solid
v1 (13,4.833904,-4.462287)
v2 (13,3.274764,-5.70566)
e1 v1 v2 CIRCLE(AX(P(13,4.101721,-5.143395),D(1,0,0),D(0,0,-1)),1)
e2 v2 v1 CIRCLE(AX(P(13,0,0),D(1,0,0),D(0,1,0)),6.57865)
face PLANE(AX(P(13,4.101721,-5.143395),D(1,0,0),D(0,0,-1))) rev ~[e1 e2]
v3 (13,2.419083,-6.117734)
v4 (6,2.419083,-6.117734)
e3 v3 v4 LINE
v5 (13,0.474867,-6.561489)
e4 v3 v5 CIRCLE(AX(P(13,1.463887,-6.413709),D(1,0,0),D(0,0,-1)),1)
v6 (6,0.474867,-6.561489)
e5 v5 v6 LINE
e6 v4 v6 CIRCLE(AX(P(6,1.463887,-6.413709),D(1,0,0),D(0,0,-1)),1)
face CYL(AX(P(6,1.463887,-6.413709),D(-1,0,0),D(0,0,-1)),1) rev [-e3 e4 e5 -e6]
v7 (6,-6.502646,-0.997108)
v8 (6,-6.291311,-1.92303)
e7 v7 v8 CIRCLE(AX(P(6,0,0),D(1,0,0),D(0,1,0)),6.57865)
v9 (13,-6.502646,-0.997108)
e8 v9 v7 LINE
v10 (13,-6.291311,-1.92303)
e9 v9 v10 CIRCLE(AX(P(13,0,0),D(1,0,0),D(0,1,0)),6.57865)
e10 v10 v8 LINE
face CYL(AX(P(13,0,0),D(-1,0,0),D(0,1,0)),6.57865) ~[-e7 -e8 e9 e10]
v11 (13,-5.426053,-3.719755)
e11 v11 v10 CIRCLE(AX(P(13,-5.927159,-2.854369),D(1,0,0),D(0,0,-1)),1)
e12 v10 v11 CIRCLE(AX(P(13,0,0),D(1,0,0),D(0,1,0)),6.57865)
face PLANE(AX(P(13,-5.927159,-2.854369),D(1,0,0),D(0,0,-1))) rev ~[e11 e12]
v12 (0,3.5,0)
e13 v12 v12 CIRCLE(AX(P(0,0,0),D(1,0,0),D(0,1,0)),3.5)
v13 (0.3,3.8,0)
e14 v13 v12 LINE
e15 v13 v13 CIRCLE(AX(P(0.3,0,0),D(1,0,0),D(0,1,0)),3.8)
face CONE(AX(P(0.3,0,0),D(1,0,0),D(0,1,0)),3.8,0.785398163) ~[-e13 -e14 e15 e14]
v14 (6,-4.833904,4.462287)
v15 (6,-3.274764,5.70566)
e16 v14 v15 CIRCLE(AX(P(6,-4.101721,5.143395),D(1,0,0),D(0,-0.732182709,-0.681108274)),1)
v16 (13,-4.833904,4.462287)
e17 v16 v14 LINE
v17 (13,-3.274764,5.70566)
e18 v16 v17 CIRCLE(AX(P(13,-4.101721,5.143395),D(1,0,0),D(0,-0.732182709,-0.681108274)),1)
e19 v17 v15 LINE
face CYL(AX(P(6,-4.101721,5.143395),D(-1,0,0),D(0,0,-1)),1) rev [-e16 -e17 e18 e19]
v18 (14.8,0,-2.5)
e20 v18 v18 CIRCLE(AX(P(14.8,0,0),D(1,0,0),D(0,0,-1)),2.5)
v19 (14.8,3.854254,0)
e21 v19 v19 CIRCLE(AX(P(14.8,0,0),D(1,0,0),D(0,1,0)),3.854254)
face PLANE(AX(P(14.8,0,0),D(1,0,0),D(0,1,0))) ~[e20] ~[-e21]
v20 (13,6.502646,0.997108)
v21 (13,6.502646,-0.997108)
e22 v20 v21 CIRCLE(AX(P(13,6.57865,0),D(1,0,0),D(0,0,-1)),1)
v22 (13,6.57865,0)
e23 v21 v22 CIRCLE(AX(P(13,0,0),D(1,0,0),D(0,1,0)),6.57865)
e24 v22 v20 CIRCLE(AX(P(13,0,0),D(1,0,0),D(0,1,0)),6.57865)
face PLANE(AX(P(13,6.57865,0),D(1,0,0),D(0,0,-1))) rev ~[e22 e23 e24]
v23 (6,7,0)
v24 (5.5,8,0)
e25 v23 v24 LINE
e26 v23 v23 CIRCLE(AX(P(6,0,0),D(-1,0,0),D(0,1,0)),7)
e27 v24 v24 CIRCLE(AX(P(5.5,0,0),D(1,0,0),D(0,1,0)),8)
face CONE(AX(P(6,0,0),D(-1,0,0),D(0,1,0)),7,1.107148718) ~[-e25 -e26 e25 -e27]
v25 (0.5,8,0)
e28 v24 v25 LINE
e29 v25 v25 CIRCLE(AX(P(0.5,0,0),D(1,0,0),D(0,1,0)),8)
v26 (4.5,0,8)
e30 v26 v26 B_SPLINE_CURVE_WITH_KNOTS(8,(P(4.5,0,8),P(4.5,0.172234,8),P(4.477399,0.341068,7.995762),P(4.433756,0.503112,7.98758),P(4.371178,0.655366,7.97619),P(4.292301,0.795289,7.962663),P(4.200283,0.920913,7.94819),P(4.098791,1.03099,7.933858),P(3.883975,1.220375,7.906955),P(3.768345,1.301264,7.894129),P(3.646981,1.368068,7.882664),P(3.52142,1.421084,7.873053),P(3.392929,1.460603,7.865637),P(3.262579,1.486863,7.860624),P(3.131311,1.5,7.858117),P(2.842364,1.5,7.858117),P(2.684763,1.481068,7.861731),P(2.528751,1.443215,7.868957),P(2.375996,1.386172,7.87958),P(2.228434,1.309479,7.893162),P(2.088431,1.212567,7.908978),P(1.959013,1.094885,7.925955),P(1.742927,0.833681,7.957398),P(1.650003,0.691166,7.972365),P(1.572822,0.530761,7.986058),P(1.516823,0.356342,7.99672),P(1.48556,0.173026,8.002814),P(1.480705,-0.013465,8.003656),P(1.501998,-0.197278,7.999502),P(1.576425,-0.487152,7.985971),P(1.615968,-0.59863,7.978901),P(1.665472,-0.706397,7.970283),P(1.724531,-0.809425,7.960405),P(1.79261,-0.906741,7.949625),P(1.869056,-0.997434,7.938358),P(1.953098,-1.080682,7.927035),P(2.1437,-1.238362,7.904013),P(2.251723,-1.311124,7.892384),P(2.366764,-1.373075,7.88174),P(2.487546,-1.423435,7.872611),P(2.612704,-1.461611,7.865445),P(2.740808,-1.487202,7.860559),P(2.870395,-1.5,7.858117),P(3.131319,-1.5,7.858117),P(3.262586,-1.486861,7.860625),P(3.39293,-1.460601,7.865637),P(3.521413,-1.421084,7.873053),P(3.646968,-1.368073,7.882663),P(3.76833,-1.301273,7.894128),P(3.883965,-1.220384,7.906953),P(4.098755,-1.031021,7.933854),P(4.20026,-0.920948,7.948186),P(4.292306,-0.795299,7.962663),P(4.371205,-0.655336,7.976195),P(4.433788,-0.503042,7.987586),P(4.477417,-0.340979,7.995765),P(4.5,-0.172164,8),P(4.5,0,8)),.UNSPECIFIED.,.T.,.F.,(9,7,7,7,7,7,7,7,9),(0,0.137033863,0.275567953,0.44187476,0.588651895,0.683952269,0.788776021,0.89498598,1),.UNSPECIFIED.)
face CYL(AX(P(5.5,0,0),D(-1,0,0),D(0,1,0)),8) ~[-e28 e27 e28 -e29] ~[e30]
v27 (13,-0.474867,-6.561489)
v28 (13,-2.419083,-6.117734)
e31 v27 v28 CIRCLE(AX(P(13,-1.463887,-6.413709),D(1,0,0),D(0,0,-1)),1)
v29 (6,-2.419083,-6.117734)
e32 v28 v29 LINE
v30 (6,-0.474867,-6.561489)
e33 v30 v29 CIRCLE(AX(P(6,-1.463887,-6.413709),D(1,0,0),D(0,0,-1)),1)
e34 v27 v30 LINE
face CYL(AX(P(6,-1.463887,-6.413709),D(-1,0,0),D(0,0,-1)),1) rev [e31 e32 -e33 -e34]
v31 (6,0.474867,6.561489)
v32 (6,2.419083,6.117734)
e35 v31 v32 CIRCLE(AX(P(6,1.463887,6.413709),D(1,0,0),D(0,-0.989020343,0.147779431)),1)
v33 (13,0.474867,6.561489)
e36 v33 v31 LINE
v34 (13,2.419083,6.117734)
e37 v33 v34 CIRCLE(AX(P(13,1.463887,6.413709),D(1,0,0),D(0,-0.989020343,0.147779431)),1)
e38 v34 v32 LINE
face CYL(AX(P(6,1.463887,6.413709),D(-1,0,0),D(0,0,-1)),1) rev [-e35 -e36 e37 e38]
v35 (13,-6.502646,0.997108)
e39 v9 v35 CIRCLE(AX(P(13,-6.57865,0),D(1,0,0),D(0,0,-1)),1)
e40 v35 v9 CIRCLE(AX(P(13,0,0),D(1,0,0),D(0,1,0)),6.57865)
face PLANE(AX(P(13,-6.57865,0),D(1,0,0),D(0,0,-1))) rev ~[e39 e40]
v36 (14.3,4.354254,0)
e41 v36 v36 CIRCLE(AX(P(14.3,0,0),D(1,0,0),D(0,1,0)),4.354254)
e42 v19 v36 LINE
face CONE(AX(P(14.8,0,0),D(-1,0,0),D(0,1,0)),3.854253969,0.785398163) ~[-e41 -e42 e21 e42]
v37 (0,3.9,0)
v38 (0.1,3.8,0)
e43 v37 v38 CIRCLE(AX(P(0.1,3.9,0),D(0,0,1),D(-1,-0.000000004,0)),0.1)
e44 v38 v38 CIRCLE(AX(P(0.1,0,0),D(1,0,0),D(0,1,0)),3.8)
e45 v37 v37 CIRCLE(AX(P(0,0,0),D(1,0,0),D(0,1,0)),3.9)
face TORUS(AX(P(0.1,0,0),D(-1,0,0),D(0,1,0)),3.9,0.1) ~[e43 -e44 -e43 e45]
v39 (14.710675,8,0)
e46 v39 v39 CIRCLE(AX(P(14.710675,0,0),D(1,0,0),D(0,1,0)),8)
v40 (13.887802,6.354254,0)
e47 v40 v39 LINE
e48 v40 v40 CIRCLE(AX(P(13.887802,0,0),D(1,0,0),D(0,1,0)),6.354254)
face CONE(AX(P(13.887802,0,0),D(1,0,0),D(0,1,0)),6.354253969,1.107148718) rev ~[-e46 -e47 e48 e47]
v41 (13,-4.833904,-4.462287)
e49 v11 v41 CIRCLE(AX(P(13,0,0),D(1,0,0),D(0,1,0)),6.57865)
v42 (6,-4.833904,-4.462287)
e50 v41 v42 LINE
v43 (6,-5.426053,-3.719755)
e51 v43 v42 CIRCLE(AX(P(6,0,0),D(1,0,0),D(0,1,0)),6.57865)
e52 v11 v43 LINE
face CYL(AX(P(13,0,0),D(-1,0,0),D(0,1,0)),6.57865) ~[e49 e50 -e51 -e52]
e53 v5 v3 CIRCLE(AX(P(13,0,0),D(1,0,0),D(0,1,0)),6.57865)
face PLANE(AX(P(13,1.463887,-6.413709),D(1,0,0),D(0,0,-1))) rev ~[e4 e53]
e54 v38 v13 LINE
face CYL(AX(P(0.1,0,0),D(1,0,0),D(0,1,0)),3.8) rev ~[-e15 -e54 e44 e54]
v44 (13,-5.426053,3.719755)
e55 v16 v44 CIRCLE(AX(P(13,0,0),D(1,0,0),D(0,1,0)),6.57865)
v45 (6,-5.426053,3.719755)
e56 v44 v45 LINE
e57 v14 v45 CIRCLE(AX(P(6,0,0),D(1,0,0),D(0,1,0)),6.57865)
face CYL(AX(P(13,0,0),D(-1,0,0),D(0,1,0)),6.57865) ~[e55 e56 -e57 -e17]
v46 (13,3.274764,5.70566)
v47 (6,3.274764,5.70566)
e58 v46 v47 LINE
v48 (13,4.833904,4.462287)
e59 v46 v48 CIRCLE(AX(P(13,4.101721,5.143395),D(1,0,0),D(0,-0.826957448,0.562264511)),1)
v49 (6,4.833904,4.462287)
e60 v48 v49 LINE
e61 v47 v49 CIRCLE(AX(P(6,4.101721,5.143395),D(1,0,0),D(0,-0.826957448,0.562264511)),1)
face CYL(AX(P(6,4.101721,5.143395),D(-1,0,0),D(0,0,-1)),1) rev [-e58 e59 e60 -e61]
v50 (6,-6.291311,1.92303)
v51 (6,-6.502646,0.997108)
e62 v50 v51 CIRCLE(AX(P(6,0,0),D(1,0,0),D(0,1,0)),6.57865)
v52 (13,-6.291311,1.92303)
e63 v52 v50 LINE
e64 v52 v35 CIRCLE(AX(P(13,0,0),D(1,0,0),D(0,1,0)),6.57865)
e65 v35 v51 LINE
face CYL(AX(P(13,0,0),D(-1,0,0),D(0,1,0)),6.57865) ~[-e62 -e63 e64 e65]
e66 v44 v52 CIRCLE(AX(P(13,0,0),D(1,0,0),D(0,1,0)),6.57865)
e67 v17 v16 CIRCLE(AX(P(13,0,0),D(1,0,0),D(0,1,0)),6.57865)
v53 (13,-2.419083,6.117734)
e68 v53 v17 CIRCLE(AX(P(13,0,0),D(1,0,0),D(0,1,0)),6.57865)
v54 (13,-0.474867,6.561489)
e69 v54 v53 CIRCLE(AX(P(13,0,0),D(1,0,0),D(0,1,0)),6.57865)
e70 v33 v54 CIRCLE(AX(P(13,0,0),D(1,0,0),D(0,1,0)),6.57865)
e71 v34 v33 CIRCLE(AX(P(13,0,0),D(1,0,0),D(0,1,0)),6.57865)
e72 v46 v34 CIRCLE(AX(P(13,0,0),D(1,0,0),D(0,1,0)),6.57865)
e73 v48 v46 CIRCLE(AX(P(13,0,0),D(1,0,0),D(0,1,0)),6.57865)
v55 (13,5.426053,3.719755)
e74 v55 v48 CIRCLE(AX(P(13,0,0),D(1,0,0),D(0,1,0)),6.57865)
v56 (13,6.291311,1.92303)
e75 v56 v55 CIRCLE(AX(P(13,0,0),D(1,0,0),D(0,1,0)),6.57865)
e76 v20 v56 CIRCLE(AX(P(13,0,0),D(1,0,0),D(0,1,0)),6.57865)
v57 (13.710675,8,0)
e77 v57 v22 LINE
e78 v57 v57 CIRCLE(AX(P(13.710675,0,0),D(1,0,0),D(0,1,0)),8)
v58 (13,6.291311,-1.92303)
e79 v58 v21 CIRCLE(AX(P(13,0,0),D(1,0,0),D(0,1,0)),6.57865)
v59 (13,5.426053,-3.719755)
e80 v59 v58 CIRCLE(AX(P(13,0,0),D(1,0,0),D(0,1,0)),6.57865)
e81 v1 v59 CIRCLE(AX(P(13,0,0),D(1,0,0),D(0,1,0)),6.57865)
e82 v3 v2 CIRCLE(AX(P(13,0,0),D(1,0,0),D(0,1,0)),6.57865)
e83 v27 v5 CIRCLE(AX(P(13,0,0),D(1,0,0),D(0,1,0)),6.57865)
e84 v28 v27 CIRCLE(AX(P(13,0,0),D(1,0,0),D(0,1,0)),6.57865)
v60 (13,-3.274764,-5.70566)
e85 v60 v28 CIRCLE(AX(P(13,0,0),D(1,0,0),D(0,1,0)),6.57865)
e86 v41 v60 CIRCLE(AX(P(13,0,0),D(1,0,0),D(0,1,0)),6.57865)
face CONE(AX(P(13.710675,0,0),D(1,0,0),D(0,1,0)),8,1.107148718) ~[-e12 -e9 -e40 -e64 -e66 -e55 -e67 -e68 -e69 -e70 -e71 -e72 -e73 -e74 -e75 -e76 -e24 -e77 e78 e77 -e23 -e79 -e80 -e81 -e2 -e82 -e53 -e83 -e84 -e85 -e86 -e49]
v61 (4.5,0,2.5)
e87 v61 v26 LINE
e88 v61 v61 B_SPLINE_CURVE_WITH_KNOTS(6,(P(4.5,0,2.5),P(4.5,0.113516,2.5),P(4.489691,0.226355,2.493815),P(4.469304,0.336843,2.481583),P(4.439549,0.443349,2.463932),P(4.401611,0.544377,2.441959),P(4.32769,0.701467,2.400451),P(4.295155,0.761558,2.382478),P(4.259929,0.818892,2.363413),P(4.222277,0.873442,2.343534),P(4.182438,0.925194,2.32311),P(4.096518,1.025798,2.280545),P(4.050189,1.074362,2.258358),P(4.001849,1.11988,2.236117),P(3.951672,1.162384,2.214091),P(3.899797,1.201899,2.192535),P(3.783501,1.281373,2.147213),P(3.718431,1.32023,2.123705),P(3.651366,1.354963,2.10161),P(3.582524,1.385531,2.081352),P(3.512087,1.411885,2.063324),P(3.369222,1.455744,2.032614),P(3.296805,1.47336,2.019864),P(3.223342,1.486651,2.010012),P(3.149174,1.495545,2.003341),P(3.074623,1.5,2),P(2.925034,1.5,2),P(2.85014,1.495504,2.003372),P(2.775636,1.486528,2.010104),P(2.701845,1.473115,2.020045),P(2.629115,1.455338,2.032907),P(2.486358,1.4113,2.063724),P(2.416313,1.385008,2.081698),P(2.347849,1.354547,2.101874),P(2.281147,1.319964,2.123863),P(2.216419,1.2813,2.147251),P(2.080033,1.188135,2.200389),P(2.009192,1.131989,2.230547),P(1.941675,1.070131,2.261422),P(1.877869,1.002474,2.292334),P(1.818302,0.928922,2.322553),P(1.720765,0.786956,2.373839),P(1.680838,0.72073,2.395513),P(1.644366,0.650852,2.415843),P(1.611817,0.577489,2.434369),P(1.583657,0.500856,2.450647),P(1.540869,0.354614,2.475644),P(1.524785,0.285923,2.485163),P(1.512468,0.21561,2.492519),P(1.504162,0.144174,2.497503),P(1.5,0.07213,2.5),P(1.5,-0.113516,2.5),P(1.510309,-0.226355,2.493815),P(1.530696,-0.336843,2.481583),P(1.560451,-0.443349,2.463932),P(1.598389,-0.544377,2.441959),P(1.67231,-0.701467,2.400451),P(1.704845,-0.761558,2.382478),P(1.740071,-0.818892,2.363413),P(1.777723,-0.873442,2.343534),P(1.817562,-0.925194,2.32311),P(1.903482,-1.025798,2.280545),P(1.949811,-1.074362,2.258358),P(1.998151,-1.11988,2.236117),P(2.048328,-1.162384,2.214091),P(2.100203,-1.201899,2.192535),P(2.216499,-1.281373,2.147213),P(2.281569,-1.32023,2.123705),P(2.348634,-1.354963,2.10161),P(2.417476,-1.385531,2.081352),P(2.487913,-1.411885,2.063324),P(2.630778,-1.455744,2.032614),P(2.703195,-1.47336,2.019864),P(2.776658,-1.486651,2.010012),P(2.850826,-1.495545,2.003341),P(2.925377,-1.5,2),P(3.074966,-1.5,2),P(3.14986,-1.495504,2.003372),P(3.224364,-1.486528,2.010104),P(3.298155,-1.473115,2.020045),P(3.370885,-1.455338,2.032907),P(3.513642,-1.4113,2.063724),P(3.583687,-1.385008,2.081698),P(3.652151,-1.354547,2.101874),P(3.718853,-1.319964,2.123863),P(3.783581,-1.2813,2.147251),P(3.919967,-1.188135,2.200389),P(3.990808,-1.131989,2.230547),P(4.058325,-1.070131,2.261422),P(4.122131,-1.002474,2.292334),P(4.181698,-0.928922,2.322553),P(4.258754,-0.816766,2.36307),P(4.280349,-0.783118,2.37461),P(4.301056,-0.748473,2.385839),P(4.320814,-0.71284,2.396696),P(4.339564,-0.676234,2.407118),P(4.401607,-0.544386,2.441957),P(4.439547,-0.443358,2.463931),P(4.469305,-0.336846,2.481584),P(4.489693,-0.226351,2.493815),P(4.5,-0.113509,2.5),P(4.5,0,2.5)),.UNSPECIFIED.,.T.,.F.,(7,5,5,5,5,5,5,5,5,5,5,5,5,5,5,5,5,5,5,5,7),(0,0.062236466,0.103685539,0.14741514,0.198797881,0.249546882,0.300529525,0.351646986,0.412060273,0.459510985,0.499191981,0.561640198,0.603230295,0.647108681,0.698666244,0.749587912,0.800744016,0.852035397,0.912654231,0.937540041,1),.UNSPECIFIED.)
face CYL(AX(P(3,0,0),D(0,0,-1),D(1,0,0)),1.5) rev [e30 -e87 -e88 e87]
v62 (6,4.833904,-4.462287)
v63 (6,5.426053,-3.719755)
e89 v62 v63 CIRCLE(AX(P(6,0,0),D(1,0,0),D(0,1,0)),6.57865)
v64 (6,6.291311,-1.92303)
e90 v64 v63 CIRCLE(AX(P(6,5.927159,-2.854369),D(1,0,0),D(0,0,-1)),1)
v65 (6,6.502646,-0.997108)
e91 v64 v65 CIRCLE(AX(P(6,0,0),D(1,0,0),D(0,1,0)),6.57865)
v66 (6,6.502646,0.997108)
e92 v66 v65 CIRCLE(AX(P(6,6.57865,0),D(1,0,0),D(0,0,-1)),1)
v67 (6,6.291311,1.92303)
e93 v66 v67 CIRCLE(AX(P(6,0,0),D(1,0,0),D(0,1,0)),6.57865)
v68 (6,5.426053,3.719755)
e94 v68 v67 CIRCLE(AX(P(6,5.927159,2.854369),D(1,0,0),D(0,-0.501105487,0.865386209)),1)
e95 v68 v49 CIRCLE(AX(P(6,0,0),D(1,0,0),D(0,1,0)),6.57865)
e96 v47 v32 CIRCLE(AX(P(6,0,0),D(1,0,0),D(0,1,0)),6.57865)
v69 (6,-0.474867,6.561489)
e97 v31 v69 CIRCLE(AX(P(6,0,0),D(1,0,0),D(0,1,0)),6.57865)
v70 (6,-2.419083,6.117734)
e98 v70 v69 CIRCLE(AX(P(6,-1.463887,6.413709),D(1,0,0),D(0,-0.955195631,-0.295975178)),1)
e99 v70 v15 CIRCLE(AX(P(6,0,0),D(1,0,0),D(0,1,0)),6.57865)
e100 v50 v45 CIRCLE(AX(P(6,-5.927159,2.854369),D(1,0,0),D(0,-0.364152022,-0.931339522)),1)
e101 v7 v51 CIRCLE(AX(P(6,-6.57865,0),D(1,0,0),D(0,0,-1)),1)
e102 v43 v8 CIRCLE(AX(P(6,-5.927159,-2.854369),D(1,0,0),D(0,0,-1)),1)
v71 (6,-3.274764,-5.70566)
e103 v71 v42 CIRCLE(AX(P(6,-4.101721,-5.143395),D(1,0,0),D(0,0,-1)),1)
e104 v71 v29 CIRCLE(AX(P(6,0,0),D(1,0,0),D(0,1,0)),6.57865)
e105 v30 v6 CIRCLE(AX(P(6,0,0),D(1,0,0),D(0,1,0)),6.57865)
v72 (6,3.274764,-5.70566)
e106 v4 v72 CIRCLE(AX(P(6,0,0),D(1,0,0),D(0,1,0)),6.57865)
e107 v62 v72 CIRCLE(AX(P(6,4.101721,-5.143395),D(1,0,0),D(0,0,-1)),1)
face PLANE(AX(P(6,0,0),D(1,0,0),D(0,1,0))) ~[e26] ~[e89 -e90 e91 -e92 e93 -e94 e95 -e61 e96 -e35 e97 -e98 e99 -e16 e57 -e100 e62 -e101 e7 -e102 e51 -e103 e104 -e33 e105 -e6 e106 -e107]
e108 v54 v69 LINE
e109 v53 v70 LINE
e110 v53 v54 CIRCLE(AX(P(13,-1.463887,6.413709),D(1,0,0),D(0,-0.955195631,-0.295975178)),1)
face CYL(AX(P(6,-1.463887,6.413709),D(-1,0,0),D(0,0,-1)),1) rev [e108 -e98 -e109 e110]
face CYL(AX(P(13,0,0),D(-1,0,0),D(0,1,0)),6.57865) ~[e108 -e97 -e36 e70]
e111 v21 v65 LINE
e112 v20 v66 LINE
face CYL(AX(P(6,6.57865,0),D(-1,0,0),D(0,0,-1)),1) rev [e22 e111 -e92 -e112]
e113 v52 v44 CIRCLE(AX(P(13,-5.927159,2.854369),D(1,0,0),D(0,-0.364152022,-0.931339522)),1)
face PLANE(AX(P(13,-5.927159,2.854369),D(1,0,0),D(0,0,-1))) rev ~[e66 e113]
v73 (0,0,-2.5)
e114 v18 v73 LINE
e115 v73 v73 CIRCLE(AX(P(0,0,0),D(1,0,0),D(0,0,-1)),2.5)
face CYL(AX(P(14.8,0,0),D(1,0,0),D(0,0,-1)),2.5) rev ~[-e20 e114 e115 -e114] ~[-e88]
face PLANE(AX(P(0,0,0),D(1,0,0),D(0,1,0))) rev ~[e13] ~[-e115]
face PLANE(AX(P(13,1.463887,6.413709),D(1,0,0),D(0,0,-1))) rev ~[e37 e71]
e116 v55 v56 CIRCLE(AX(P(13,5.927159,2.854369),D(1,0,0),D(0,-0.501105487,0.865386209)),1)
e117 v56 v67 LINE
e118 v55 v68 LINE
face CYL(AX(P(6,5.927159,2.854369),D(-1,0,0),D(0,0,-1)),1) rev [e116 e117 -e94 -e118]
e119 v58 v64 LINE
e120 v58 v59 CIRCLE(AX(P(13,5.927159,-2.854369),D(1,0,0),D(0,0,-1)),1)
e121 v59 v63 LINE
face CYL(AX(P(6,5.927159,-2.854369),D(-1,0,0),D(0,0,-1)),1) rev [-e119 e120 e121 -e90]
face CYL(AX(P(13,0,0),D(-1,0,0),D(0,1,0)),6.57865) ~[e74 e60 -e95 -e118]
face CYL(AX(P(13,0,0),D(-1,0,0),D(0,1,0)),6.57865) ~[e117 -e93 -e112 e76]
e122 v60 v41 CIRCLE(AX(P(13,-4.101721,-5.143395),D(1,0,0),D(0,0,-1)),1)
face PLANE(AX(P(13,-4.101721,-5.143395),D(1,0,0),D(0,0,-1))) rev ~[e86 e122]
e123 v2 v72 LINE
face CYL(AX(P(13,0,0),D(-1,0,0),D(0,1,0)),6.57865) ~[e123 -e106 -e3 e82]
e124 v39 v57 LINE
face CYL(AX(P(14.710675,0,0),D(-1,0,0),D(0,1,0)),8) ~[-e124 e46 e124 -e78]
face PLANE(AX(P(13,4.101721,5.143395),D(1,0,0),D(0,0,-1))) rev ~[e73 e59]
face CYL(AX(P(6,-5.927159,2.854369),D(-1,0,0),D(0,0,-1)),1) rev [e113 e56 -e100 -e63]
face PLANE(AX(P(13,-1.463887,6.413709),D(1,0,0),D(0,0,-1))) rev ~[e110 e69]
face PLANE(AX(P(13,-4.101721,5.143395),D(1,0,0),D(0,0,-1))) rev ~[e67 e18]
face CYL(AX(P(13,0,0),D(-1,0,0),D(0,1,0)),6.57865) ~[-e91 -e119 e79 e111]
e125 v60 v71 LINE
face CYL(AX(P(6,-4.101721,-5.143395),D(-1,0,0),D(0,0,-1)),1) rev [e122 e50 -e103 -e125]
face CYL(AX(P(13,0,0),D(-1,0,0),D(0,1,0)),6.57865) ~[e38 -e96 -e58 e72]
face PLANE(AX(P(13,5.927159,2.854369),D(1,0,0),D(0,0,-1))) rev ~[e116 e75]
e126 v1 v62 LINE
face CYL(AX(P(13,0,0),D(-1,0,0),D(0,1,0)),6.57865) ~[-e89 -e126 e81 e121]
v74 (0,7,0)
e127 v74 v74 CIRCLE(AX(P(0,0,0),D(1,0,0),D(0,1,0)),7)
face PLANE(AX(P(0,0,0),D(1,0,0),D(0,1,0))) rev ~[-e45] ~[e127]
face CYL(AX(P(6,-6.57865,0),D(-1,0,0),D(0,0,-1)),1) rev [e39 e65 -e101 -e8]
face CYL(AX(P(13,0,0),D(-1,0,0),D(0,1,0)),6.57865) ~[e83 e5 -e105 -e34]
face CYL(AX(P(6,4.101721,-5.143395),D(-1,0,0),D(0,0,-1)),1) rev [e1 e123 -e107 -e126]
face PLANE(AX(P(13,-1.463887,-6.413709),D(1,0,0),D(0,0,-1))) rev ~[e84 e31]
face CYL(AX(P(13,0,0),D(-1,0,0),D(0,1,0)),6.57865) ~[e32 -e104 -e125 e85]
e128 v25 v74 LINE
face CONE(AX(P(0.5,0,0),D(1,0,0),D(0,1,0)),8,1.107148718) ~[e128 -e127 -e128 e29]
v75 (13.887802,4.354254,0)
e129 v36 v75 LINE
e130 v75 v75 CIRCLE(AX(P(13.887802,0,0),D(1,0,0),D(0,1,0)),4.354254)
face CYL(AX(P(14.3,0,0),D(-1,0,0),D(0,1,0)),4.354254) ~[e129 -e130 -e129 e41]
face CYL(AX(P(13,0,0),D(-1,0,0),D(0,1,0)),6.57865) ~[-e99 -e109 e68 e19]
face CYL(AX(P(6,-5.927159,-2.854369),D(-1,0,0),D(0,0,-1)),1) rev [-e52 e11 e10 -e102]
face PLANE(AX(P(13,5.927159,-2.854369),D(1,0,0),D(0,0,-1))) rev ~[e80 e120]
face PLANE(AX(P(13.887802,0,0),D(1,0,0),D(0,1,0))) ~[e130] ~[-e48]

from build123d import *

# Parameters (mm, degrees)
SKETCH2_R          = 2.5
CUT_EXTRUDE1_DEPTH = 15.8
SKETCH3_R          = 1
CUT_EXTRUDE2_DEPTH = 7
SKETCH4_R          = 1.5
CUT_EXTRUDE3_DEPTH = 9


with BuildPart() as part:
    # Sketch1 → Revolve1 (revolve)
    with BuildSketch(Plane.XY):
        with BuildLine():
            Line((0, 7), (0, 3.9))
            ThreePointArc((0, 3.9), (0.029289322, 3.829289322), (0.1, 3.8))
            Line((0.1, 3.8), (0.3, 3.8))
            Line((0.3, 3.8), (0, 3.5))
            Line((0, 3.5), (0, 0))
            Line((0, 0), (14.8, 0))
            Line((14.8, 0), (14.8, 3.854253969))
            Line((14.8, 3.854253969), (14.3, 4.354253969))
            Line((14.3, 4.354253969), (13.887802139, 4.354253969))
            Line((13.887802139, 4.354253969), (13.887802139, 6.354253969))
            Line((13.887802139, 6.354253969), (14.710675154, 8))
            Line((14.710675154, 8), (13.710675154, 8))
            Line((13.710675154, 8), (13, 6.578649691))
            Line((13, 6.578649691), (6, 6.578649691))
            Line((6, 6.578649691), (6, 7))
            Line((6, 7), (5.5, 8))
            Line((5.5, 8), (0.5, 8))
            Line((0.5, 8), (0, 7))
        make_face()
    revolve(axis=Axis((0, 0, 0), (1, 0, 0)))

    # Sketch2 → Cut-Extrude1 (cut, through all)
    with BuildSketch(Plane(origin=(14.8, 0, 0), x_dir=(0, 0, -1), z_dir=(1, 0, 0))):
        Circle(SKETCH2_R)
    extrude(amount=-CUT_EXTRUDE1_DEPTH, mode=Mode.SUBTRACT)

    # Sketch3 → Cut-Extrude2 (cut)
    with BuildSketch(Plane(origin=(6, 0, 0), x_dir=(0, 0, -1), z_dir=(1, 0, 0))):
        with Locations((2.854369126, 5.927158565)):
            Circle(SKETCH3_R)
        with Locations((0, 6.578649691)):
            Circle(SKETCH3_R)
        with Locations((5.143395441, 4.101720992)):
            Circle(SKETCH3_R)
        with Locations((6.413709208, 1.463887273)):
            Circle(SKETCH3_R)
        with Locations((6.413709208, -1.463887273)):
            Circle(SKETCH3_R)
        with Locations((5.143395441, -4.101720992)):
            Circle(SKETCH3_R)
        with Locations((2.854369126, -5.927158565)):
            Circle(SKETCH3_R)
        with Locations((0, -6.578649691)):
            Circle(SKETCH3_R)
        with Locations((-2.854369126, -5.927158565)):
            Circle(SKETCH3_R)
        with Locations((-5.143395441, -4.101720992)):
            Circle(SKETCH3_R)
        with Locations((-6.413709208, -1.463887273)):
            Circle(SKETCH3_R)
        with Locations((-6.413709208, 1.463887273)):
            Circle(SKETCH3_R)
        with Locations((-5.143395441, 4.101720992)):
            Circle(SKETCH3_R)
        with Locations((-2.854369126, 5.927158565)):
            Circle(SKETCH3_R)
    extrude(amount=CUT_EXTRUDE2_DEPTH, mode=Mode.SUBTRACT)

    # Sketch4 → Cut-Extrude3 (cut, through all)
    with BuildSketch(Plane.XY):
        with Locations((3, 0)):
            Circle(SKETCH4_R)
    extrude(amount=CUT_EXTRUDE3_DEPTH, mode=Mode.SUBTRACT)


solid = part.part
